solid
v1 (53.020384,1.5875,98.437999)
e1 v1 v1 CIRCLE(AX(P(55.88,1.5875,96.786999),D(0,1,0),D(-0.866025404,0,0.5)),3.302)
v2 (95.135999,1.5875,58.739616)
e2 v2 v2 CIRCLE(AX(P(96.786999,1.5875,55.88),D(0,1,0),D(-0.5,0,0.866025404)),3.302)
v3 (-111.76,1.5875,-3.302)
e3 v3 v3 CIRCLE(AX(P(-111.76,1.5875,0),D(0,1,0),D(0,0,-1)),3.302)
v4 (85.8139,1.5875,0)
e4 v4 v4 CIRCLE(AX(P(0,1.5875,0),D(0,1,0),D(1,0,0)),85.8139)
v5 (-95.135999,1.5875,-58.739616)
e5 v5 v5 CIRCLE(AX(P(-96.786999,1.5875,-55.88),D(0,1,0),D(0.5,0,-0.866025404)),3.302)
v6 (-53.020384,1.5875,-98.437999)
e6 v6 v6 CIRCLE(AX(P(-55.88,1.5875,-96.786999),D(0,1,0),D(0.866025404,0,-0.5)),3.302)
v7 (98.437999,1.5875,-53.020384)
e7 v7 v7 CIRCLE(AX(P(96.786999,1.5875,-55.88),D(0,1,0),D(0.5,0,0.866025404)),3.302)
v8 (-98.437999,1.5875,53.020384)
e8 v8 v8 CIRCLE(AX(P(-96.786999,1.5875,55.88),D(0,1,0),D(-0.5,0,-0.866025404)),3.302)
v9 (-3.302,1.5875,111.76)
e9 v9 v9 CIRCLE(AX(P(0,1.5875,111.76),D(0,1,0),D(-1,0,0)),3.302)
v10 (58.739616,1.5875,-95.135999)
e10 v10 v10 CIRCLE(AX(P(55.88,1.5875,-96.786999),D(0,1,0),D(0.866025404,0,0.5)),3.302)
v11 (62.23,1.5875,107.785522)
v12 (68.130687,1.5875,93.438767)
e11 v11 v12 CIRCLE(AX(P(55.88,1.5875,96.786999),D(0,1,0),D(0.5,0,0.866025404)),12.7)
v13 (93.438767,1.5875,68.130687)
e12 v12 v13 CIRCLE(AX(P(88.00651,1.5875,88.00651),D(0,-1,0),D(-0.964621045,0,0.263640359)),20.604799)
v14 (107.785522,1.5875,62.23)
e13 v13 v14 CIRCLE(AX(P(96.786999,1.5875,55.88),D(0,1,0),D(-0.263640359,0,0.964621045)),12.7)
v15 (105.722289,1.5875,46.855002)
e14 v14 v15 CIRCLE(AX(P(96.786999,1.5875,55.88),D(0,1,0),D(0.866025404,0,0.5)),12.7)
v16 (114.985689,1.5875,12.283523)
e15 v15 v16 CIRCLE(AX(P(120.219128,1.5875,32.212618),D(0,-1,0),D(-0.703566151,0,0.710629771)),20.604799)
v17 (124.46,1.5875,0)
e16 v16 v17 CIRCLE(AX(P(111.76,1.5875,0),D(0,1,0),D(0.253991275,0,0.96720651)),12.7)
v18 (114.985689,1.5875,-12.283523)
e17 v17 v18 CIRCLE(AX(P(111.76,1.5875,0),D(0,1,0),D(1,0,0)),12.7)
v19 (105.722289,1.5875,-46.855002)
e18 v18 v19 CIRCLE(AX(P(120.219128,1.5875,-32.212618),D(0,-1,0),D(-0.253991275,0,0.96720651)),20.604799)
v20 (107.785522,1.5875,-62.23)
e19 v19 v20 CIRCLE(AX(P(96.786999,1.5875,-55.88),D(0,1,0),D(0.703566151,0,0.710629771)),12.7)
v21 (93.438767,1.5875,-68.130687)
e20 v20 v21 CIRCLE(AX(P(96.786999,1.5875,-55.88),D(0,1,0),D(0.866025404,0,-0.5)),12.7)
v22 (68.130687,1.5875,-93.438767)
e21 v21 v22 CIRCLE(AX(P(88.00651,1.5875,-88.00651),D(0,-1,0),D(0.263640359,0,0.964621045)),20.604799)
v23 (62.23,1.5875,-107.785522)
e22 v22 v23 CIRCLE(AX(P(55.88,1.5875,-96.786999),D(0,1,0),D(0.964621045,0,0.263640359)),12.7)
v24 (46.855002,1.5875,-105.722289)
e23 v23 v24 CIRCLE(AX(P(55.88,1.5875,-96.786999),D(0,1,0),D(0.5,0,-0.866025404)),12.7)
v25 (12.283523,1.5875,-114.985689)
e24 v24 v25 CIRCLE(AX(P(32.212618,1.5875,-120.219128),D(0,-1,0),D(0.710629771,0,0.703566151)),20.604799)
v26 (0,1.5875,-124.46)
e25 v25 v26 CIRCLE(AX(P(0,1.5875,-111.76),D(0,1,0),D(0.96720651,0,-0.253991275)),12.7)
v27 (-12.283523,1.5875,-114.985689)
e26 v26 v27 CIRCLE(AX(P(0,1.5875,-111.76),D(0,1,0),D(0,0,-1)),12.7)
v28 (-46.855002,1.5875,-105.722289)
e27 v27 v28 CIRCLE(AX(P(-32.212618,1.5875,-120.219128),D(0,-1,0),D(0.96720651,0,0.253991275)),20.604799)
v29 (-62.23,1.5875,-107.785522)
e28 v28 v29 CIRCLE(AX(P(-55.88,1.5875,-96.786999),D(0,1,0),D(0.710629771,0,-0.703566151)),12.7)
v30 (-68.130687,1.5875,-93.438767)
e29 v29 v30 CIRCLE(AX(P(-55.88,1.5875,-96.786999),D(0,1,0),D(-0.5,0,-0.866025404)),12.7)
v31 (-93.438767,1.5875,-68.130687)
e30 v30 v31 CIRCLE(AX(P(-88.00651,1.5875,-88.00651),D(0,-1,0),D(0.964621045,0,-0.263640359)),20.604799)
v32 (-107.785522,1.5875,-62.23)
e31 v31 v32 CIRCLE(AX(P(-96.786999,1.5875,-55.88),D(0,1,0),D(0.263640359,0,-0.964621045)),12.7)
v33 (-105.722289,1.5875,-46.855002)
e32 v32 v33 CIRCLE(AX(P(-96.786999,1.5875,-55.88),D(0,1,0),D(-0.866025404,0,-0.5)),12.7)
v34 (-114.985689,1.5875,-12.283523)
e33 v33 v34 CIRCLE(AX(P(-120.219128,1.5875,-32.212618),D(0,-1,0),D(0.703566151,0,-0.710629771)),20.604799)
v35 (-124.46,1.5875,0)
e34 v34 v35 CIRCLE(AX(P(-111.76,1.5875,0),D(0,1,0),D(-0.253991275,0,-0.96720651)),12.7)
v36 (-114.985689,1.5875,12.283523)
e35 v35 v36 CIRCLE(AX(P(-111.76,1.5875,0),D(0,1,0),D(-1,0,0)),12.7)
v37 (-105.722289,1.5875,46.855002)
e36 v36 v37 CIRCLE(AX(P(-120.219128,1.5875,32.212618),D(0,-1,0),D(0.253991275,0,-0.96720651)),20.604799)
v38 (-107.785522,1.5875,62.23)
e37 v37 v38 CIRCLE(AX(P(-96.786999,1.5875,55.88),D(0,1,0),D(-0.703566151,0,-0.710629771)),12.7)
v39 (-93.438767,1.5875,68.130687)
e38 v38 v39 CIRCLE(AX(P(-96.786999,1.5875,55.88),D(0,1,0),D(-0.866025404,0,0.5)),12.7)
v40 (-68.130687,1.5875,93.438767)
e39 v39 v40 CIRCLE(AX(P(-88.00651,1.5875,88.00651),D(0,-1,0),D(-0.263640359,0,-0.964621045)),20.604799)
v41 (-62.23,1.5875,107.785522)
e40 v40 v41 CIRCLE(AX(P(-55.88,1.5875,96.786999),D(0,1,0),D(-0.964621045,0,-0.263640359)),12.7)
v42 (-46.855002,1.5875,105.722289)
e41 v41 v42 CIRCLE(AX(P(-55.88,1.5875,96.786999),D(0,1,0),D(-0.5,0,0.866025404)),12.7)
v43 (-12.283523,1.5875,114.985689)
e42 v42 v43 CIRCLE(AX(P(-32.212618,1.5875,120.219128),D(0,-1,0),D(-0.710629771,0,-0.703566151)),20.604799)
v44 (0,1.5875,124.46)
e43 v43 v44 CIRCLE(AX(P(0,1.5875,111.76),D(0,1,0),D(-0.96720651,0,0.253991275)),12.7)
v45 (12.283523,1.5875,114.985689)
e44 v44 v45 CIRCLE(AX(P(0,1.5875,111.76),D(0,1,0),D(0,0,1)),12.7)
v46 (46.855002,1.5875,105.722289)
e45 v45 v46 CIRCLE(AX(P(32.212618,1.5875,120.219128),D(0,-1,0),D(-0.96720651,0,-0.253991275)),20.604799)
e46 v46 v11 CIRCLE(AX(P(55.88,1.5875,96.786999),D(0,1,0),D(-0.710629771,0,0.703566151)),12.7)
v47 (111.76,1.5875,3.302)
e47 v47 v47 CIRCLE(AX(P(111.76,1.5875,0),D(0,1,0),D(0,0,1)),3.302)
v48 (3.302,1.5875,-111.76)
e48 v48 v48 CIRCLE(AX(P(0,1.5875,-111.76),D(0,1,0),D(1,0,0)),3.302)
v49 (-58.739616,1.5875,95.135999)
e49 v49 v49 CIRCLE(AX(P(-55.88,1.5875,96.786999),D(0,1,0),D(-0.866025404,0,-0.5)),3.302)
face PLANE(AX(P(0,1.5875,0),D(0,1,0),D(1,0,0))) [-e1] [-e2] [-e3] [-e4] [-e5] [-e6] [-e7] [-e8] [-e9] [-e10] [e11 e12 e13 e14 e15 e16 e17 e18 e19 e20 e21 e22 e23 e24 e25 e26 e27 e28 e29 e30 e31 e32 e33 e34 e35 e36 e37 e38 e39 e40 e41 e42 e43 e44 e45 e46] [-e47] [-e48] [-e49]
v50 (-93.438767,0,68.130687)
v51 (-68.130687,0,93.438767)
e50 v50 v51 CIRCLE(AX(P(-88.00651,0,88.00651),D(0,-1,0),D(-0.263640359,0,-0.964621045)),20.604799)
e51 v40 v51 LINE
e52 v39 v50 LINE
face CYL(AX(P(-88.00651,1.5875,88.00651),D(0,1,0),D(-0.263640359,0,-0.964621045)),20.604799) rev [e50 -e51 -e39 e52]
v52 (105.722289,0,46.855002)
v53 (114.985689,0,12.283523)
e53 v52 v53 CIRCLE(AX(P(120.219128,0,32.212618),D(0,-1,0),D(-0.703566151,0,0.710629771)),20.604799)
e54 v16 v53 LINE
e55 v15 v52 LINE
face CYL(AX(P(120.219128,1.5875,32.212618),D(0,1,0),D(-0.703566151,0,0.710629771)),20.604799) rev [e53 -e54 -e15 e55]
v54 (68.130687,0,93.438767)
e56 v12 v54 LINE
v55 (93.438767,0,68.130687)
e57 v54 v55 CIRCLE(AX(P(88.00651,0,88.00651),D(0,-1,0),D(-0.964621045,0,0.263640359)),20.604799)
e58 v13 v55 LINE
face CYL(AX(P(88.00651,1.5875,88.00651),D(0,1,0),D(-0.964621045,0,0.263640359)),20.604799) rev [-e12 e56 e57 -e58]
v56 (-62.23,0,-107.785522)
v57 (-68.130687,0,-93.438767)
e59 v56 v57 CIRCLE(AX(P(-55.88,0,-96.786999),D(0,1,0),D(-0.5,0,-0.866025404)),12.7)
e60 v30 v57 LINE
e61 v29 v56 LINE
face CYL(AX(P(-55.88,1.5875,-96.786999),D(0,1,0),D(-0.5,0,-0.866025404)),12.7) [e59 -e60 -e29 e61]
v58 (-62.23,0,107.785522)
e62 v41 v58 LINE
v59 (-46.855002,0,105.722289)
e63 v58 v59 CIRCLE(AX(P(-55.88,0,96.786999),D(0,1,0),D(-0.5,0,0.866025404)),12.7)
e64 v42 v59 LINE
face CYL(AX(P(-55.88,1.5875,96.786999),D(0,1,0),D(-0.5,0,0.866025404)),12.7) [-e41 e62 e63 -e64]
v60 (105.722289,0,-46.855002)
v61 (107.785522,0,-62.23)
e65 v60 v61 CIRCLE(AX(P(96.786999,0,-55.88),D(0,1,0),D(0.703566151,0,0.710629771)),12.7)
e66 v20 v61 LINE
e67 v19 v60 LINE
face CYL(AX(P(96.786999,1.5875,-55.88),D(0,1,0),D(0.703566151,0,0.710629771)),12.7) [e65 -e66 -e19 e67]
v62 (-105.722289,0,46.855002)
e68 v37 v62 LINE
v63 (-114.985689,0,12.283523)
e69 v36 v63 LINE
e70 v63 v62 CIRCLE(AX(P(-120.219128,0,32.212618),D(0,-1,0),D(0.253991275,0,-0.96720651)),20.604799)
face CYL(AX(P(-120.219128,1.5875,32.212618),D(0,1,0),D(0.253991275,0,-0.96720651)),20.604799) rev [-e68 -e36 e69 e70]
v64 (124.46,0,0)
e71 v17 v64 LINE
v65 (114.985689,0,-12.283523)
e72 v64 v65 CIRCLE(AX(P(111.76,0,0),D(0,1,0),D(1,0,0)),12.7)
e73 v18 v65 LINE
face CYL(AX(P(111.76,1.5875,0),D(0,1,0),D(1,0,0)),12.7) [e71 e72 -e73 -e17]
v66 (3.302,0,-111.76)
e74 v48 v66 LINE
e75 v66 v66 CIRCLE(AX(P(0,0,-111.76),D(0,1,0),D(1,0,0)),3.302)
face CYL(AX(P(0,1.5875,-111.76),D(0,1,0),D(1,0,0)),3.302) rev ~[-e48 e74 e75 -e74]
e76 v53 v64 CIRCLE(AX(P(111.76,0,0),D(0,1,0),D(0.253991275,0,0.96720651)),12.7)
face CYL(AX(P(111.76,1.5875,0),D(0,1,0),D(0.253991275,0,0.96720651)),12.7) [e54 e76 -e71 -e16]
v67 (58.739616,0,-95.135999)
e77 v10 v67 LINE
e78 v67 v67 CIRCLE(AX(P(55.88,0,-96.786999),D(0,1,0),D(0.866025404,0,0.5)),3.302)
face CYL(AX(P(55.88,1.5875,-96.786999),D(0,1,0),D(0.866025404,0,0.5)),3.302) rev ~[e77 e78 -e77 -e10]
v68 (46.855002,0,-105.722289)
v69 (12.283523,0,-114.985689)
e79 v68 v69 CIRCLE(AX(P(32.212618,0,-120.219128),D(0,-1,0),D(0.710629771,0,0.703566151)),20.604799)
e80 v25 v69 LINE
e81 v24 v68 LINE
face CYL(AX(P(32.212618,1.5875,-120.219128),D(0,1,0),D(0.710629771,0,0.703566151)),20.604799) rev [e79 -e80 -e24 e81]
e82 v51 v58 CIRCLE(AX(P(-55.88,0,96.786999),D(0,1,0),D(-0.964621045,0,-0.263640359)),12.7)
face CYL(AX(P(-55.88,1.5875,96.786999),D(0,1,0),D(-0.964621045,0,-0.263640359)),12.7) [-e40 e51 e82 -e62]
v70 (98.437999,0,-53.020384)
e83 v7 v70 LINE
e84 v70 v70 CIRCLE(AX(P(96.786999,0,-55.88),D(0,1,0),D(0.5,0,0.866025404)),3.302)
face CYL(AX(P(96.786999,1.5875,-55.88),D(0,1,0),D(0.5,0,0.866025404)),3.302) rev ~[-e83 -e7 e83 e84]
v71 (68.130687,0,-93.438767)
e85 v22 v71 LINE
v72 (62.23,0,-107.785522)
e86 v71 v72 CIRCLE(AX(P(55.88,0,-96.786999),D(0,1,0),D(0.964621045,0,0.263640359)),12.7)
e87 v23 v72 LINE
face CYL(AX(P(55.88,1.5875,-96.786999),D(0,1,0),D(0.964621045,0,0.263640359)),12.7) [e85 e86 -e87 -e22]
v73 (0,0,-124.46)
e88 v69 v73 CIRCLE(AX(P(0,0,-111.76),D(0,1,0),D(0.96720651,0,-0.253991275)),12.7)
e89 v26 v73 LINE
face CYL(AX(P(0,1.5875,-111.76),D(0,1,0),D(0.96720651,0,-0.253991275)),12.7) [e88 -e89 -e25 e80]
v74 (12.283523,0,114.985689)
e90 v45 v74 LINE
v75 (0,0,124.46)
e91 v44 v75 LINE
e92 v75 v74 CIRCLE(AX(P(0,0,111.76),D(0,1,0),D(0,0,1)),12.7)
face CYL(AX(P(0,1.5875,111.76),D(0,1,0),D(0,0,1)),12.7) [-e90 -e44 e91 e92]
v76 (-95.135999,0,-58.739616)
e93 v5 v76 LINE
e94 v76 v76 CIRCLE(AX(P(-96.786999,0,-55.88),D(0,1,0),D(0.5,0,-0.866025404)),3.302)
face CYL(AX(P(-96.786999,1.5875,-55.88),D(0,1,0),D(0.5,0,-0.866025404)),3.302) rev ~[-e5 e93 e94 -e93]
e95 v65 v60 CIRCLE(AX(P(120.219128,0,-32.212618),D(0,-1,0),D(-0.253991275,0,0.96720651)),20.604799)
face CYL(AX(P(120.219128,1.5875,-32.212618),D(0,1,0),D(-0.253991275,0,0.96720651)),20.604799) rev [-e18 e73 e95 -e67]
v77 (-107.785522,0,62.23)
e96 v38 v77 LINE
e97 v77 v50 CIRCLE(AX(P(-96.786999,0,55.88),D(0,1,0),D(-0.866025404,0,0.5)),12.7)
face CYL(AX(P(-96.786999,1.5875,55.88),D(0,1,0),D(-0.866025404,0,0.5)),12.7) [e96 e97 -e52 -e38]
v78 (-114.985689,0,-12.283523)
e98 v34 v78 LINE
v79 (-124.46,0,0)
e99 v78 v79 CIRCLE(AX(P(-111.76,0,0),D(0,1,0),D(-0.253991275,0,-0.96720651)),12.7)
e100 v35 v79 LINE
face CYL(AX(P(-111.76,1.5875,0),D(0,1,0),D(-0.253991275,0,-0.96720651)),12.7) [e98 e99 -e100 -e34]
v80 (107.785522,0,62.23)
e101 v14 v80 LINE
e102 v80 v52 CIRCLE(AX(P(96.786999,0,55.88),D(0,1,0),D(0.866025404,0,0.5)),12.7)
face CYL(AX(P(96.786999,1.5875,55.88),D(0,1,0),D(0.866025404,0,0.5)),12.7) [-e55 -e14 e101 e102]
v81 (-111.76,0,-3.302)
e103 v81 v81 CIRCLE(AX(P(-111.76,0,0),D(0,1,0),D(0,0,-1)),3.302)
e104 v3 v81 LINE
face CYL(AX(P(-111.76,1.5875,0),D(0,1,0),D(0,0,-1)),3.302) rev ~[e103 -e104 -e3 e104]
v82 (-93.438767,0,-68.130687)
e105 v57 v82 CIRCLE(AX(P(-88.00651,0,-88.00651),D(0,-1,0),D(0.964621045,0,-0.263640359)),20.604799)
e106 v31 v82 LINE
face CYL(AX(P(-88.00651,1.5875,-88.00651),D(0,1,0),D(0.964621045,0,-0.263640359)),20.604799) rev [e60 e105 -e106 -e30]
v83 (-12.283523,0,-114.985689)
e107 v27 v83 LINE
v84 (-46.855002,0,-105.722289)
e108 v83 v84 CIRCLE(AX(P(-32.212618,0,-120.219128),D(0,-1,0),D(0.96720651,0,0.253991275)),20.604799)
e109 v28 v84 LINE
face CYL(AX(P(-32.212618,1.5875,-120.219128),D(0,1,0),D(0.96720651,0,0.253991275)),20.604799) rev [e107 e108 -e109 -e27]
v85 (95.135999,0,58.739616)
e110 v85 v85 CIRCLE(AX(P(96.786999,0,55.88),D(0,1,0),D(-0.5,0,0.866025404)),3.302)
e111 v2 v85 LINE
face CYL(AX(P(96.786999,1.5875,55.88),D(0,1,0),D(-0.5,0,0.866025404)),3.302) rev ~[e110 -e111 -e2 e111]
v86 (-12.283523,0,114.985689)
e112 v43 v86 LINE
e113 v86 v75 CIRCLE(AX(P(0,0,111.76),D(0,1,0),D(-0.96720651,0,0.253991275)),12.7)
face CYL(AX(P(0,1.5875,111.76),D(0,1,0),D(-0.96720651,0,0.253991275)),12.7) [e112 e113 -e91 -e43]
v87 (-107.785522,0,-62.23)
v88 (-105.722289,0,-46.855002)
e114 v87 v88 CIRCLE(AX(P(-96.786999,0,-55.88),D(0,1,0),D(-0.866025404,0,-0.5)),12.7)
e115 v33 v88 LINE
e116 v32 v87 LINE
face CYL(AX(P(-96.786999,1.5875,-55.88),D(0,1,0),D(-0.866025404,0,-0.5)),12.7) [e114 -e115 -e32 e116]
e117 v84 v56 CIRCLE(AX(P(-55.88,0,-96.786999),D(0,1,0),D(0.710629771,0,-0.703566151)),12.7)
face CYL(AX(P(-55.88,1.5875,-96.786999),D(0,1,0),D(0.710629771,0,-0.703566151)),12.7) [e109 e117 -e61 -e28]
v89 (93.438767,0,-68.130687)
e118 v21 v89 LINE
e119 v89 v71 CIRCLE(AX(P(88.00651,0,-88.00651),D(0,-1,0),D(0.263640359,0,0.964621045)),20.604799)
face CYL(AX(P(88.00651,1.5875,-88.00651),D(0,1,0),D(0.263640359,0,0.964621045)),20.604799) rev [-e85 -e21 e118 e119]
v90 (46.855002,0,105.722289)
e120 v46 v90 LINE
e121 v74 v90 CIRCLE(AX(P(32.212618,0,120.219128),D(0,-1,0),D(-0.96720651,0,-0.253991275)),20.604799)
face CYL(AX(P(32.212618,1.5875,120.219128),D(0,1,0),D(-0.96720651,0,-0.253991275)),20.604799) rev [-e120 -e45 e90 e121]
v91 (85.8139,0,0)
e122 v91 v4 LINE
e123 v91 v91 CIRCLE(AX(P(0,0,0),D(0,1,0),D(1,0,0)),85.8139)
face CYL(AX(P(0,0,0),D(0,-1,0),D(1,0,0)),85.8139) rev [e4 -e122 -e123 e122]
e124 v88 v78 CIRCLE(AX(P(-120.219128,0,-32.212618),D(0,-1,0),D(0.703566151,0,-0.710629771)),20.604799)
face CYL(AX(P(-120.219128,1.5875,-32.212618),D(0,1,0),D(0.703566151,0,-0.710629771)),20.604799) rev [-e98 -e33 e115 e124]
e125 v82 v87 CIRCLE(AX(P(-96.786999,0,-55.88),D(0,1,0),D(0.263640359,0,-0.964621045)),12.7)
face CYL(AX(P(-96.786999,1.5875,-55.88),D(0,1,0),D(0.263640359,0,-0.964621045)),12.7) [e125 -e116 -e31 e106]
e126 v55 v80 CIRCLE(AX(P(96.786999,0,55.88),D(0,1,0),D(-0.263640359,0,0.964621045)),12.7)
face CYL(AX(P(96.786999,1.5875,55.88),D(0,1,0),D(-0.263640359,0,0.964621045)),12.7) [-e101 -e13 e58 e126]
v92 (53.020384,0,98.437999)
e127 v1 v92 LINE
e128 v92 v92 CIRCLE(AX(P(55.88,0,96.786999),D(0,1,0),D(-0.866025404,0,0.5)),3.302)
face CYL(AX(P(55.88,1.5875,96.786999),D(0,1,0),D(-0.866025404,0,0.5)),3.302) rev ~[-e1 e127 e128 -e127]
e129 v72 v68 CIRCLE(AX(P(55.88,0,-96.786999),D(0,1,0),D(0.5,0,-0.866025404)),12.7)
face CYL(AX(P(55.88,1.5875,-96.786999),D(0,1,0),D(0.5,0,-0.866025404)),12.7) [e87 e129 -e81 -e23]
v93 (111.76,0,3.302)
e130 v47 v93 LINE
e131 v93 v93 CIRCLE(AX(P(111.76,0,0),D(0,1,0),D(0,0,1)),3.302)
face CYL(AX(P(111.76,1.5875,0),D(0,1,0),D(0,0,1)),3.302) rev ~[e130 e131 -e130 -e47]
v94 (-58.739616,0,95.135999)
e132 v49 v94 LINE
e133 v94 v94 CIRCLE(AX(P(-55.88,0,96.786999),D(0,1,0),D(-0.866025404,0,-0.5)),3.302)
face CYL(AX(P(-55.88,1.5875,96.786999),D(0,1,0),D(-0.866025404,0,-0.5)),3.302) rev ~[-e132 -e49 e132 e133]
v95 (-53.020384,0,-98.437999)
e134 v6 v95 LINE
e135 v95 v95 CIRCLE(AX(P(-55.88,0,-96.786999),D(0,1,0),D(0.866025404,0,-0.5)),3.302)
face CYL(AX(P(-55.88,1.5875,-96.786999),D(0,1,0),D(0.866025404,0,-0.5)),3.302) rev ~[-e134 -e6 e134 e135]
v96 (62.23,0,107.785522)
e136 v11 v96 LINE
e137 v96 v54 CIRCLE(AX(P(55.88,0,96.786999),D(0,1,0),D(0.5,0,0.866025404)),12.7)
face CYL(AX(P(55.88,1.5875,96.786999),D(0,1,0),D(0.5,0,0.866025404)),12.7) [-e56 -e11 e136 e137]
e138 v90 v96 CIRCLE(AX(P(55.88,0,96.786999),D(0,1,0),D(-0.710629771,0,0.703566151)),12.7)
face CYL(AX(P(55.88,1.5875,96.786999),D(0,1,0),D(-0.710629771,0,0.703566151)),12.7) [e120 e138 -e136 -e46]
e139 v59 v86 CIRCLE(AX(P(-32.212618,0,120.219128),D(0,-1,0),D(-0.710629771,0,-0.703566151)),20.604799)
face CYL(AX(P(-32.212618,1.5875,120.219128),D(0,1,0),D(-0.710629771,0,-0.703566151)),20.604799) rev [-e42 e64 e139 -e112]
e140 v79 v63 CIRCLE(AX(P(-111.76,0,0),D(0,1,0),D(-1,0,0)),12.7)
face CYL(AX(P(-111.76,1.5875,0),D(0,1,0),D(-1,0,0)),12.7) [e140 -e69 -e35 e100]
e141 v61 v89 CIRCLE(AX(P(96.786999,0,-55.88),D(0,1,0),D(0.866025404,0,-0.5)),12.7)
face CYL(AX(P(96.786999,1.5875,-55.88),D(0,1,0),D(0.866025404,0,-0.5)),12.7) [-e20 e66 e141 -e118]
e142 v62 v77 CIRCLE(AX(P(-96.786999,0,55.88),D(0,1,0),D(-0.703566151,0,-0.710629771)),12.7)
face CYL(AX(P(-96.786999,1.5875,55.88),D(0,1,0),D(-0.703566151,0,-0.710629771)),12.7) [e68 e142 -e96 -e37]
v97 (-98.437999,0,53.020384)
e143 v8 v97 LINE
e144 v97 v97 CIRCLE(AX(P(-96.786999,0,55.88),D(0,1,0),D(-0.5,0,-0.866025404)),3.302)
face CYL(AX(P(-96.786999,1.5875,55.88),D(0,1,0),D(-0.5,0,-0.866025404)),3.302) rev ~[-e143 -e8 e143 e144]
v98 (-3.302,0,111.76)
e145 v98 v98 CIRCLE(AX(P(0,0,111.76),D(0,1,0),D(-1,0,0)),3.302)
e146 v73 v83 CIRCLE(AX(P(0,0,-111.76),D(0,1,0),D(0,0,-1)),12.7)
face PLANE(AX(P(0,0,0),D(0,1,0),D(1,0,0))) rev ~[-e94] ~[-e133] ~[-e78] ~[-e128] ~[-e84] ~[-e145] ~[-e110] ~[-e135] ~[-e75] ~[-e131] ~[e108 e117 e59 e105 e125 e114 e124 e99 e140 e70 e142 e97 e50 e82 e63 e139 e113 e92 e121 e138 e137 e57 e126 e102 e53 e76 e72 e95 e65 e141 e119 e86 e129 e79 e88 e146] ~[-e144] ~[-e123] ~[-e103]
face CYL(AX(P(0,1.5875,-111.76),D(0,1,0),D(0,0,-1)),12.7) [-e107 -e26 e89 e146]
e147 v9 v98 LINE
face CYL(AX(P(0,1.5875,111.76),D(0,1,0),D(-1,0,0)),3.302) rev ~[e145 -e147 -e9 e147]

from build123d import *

# Parameters (mm, degrees)
SKETCH1_R           = 124.46
SKETCH1_R_2         = 85.8139
BOSS_EXTRUDE1_DEPTH = 1.5875
CUT_EXTRUDE1_REACH  = 178.02
SKETCH2_R           = 3.302
CIRPATTERN1_COUNT   = 12
CUT_EXTRUDE2_REACH  = 178.02
CIRPATTERN2_COUNT   = 12


with BuildPart() as part:
    # Sketch1 → Boss-Extrude1 (new body)
    with BuildSketch(Plane(origin=(0, 0, 0), x_dir=(1, 0, 0), z_dir=(0, 1, 0))):
        Circle(SKETCH1_R)
        Circle(SKETCH1_R_2, mode=Mode.SUBTRACT)
    extrude(amount=BOSS_EXTRUDE1_DEPTH)

    # Sketch2 → Cut-Extrude1 (cut, up to next)
    with BuildSketch(Plane(origin=(0, 1.5875, 0), x_dir=(1, 0, 0), z_dir=(0, 1, 0)), mode=Mode.PRIVATE) as cut_extrude1_sk1:
        with Locations((0, 111.76)):
            Circle(SKETCH2_R)
    cut_extrude1_tool1 = extrude(cut_extrude1_sk1.sketch, amount=-CUT_EXTRUDE1_REACH, mode=Mode.PRIVATE) & part.part
    cut_extrude1 = cut_extrude1_tool1.solids().sort_by_distance((0, 1.5875, -111.76))[0]
    add(cut_extrude1, mode=Mode.SUBTRACT)

    # CirPattern1: Cut-Extrude1 ×12 about axis
    cirpattern1_axis = Axis((0, 1.5875, 0), (0, -1, 0))
    for i in range(1, CIRPATTERN1_COUNT):
        add(cut_extrude1.rotate(cirpattern1_axis, i * 360 / CIRPATTERN1_COUNT), mode=Mode.SUBTRACT)

    # Sketch4 → Cut-Extrude2 (cut, up to next)
    with BuildSketch(Plane(origin=(0, 1.5875, 0), x_dir=(1, 0, 0), z_dir=(0, 1, 0)), mode=Mode.PRIVATE) as cut_extrude2_sk1:
        with BuildLine():
            Line((0, 124.46), (0, 155.146488396))
            Line((0, 155.146488396), (77.573244198, 134.360800259))
            Line((77.573244198, 134.360800259), (62.23, 107.785521755))
            ThreePointArc((62.23, 107.785521755), (54.190877213, 109.374169747), (46.855001911, 105.722289245))
            ThreePointArc((46.855001911, 105.722289245), (26.879703963, 100.316420883), (12.283522673, 114.985689189))
            ThreePointArc((12.283522673, 114.985689189), (7.756408554, 121.816248125), (0, 124.46))
        make_face()
    cut_extrude2_tool1 = extrude(cut_extrude2_sk1.sketch, amount=-CUT_EXTRUDE2_REACH, mode=Mode.PRIVATE) & part.part
    cut_extrude2 = cut_extrude2_tool1.solids().sort_by_distance((33.999093, 1.5875, -126.886343))[0]
    add(cut_extrude2, mode=Mode.SUBTRACT)

    # CirPattern2: Cut-Extrude2 ×12 about axis
    cirpattern2_axis = Axis((0, 1.5875, 0), (0, -1, 0))
    for i in range(1, CIRPATTERN2_COUNT):
        add(cut_extrude2.rotate(cirpattern2_axis, i * 360 / CIRPATTERN2_COUNT), mode=Mode.SUBTRACT)


solid = part.part
